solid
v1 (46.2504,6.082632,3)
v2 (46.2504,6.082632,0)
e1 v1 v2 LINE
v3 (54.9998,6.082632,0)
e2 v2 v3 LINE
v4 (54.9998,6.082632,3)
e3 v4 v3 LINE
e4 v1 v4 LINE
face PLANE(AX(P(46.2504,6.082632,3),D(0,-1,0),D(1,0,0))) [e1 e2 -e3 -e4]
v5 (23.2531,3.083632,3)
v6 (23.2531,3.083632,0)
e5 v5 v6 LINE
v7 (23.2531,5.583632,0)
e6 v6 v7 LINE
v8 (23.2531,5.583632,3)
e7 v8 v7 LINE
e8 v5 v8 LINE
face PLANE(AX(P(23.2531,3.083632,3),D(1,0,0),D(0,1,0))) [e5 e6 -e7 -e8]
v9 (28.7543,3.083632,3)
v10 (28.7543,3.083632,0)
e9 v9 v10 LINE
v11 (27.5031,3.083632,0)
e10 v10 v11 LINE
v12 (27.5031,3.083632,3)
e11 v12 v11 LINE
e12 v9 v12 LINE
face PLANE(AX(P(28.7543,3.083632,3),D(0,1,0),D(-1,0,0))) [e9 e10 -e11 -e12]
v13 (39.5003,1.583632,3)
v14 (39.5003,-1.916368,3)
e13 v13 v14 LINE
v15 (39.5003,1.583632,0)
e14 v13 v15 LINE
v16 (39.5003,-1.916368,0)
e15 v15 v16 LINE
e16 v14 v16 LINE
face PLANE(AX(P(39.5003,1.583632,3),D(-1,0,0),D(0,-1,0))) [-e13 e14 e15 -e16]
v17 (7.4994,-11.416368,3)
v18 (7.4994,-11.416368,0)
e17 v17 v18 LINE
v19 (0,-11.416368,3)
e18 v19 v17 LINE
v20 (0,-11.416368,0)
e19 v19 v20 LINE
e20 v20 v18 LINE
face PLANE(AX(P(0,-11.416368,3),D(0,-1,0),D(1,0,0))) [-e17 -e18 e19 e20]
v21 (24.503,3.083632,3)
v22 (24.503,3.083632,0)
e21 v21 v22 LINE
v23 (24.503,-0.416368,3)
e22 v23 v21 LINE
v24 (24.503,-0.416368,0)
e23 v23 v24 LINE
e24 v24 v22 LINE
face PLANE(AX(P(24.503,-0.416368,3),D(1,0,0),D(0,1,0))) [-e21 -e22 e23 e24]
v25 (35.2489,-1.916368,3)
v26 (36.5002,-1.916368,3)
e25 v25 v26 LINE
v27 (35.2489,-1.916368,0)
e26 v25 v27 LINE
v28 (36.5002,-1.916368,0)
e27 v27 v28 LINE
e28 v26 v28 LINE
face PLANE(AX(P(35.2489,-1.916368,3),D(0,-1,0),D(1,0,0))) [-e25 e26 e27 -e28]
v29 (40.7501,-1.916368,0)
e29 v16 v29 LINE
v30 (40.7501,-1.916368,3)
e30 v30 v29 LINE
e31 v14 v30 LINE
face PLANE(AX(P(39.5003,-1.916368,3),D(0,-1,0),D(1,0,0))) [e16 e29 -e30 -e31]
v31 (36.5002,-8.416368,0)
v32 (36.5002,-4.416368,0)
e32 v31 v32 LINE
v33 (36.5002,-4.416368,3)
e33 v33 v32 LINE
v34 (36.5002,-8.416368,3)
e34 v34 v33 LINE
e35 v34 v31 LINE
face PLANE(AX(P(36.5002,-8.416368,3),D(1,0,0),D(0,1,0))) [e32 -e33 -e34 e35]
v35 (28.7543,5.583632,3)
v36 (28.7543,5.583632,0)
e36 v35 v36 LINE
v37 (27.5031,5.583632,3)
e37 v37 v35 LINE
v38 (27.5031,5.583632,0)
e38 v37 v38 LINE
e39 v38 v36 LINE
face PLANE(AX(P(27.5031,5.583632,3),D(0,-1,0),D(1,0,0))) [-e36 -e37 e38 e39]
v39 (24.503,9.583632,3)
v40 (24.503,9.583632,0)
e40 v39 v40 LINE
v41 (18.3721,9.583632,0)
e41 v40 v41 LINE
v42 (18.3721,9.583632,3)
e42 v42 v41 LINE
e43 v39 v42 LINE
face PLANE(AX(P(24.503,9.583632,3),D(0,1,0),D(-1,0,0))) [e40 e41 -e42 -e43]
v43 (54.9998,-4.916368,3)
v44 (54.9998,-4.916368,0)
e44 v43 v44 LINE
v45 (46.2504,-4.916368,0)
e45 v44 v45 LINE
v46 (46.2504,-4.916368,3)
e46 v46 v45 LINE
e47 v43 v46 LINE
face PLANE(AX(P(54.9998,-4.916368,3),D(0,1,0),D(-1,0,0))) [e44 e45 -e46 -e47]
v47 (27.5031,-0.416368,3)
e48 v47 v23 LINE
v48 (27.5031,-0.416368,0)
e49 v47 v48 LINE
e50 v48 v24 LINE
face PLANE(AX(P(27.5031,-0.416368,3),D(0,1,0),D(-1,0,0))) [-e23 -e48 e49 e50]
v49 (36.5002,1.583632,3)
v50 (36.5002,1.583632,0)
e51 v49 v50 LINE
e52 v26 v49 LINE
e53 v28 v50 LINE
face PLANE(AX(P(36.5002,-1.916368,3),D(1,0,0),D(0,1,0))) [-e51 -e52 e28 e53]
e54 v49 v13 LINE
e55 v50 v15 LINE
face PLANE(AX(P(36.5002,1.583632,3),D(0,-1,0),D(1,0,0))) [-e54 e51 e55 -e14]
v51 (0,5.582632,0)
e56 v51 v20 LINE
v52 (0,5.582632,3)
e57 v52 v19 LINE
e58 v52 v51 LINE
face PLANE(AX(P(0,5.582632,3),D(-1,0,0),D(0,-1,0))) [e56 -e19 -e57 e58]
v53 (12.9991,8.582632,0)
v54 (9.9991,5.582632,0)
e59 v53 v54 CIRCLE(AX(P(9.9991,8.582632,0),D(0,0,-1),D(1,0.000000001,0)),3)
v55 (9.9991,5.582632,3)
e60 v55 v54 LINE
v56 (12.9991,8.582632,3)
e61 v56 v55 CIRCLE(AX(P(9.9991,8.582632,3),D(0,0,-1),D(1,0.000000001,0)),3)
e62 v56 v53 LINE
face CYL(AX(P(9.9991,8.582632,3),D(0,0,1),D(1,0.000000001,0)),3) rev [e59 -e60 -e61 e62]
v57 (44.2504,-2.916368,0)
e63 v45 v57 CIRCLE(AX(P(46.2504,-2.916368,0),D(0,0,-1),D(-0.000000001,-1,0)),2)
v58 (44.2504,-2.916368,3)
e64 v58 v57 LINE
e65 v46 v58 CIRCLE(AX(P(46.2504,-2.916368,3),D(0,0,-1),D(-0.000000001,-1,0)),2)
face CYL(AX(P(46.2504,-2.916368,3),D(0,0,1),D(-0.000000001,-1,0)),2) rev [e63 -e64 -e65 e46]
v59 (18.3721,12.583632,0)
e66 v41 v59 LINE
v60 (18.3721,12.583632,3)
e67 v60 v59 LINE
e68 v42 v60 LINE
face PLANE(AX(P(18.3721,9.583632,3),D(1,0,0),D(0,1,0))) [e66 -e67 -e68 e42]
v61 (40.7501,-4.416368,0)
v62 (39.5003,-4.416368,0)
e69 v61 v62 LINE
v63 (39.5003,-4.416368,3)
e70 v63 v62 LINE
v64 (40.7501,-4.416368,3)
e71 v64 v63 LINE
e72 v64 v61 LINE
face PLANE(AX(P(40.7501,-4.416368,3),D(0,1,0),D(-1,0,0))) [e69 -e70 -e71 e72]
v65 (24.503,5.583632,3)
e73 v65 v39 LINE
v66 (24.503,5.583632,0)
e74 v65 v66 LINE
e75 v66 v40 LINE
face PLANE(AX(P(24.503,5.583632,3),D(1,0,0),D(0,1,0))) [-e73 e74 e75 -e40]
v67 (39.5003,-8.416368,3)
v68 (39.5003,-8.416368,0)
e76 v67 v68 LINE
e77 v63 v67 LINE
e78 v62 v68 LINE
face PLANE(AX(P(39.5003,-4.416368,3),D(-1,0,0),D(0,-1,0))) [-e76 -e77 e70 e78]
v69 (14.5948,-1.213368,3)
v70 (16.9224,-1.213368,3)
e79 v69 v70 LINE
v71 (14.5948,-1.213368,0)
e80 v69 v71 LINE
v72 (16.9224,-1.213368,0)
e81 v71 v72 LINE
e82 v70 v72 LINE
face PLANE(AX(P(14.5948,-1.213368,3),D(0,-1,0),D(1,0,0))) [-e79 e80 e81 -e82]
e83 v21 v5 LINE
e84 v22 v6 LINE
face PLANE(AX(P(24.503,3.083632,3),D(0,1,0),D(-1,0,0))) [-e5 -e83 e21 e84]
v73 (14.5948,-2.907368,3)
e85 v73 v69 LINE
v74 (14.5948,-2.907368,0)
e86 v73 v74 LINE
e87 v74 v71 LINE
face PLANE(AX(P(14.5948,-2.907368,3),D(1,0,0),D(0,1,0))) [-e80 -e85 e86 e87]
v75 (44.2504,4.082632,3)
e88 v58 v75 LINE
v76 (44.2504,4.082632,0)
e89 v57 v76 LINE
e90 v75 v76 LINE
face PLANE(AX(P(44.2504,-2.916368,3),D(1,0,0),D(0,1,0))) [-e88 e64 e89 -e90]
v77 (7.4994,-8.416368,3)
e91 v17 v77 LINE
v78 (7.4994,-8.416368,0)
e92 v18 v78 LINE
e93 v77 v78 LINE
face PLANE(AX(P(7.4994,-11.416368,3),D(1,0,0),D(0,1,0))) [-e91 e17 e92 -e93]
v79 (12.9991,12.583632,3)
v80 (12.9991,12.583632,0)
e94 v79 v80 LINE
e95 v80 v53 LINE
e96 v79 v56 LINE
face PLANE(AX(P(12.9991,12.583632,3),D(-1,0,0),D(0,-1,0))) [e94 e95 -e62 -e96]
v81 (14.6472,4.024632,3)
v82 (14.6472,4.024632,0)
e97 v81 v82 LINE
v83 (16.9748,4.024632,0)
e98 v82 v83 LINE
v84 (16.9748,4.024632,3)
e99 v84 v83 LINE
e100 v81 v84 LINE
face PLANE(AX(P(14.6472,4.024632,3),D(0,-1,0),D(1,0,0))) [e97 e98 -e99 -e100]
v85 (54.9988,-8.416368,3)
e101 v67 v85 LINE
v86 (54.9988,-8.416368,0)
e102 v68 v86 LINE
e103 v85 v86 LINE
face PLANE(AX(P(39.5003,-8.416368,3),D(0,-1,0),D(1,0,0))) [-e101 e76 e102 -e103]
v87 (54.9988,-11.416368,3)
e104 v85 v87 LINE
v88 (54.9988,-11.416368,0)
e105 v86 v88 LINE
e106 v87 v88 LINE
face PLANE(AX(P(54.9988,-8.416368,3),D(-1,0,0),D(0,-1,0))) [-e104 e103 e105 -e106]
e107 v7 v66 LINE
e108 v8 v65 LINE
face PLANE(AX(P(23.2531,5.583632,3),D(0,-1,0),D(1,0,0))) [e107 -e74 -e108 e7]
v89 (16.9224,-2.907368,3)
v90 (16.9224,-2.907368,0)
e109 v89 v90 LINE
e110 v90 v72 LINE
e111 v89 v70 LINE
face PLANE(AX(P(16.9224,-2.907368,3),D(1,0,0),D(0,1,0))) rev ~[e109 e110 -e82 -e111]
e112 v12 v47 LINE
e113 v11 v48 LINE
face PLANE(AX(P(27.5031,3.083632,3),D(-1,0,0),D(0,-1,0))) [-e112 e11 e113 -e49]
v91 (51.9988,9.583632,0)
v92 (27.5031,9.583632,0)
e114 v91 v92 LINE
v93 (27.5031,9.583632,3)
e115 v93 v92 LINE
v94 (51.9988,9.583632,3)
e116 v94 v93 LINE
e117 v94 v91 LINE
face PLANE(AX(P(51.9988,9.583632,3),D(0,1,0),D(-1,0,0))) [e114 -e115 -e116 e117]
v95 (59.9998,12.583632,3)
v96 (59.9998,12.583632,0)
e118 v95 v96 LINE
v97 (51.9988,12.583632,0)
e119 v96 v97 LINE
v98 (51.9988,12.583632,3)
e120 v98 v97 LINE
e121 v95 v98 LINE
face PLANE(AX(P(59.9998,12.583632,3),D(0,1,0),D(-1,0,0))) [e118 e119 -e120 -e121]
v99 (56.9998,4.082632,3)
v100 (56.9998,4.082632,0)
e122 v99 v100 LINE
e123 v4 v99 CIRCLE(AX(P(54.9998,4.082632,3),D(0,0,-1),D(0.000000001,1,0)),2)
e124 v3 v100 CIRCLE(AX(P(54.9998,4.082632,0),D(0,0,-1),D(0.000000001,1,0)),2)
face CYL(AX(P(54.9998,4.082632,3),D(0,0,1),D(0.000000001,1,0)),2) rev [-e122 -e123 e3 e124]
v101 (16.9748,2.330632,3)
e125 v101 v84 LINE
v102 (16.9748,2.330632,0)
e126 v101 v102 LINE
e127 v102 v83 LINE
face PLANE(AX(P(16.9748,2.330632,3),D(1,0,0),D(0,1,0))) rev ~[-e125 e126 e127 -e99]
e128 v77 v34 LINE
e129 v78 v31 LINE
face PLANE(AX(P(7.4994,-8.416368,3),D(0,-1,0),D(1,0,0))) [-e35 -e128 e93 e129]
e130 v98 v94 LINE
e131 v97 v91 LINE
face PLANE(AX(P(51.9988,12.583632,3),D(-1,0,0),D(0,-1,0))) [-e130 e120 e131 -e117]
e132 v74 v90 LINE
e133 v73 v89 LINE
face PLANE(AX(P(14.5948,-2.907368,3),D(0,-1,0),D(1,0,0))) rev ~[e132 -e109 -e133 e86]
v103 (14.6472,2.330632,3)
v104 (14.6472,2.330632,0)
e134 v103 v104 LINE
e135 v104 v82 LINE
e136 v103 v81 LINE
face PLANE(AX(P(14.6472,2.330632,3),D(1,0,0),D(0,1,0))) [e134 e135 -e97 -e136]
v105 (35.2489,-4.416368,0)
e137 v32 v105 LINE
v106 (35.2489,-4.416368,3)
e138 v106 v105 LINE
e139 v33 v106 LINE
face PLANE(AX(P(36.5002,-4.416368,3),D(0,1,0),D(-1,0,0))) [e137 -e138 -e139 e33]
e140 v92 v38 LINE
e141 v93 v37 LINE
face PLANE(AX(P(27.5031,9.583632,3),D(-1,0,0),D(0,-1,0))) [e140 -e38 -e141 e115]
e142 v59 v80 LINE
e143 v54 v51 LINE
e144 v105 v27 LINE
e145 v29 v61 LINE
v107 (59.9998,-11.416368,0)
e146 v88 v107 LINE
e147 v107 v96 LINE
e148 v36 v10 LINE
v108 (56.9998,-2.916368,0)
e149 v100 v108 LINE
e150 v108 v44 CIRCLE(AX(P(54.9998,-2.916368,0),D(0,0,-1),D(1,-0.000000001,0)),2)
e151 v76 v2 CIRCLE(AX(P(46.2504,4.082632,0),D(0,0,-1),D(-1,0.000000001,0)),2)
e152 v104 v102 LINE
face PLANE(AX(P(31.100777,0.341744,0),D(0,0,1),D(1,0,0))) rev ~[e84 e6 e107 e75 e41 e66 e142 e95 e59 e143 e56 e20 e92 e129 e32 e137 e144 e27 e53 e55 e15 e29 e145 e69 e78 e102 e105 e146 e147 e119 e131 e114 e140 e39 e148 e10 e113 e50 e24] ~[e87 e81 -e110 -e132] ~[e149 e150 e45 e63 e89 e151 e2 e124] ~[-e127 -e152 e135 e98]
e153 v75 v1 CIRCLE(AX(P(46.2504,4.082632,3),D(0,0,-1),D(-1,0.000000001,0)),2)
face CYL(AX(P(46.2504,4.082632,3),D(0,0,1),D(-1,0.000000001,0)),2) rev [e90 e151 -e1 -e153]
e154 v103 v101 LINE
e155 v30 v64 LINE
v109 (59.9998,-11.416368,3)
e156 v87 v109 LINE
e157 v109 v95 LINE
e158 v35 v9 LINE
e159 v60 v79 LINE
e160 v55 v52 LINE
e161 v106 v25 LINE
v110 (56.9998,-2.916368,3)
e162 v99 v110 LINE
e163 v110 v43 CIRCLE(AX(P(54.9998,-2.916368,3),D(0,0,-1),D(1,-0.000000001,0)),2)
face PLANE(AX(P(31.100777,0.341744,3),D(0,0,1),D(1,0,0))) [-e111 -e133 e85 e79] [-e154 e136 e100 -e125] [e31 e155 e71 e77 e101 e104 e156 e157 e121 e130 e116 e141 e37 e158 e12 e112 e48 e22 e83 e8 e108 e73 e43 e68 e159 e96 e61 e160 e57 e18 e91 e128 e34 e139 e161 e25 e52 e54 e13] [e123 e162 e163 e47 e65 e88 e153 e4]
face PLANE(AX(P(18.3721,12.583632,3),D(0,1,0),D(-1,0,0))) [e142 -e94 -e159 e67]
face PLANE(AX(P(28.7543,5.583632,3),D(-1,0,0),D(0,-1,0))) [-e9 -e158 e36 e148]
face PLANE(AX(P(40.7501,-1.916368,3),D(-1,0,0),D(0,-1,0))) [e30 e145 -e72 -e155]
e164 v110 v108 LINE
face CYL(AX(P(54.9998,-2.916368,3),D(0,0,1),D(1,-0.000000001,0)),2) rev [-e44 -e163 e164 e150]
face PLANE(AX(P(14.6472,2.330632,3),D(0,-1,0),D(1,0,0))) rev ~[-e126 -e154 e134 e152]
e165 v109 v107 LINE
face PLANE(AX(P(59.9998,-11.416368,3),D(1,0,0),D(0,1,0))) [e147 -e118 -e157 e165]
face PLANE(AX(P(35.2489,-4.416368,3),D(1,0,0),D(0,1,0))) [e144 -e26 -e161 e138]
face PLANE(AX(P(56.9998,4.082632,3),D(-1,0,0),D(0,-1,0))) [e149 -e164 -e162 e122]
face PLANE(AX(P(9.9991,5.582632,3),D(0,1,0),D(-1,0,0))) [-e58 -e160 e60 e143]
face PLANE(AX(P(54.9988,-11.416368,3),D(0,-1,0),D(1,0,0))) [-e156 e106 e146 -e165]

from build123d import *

# Parameters (mm, degrees)
SKETCH_1_W      = 2.3276
SKETCH_1_H      = 1.694
EXTRUDE_1_DEPTH = 3


with BuildPart() as part:
    # 草图1 → 凸台-拉伸1 (new body)
    with BuildSketch(Plane.XY.offset(3)):
        with BuildLine():
            Line((23.2531, 5.583631793), (24.503, 5.583631793))
            Line((24.503, 5.583631793), (24.503, 9.583631793))
            Line((24.503, 9.583631793), (18.3721, 9.583631793))
            Line((18.3721, 9.583631793), (18.3721, 12.583631793))
            Line((18.3721, 12.583631793), (12.9991, 12.583631793))
            Line((12.9991, 12.583631793), (12.9991, 8.582631793))
            ThreePointArc((12.9991, 8.582631793), (12.120420344, 6.461311449), (9.9991, 5.582631793))
            Line((9.9991, 5.582631793), (0, 5.582631793))
            Line((0, 5.582631793), (0, -11.416368207))
            Line((0, -11.416368207), (7.4994, -11.416368207))
            Line((7.4994, -11.416368207), (7.4994, -8.416368207))
            Line((7.4994, -8.416368207), (36.5002, -8.416368207))
            Line((36.5002, -8.416368207), (36.5002, -4.416368207))
            Line((36.5002, -4.416368207), (35.2489, -4.416368207))
            Line((35.2489, -4.416368207), (35.2489, -1.916368207))
            Line((35.2489, -1.916368207), (36.5002, -1.916368207))
            Line((36.5002, -1.916368207), (36.5002, 1.583631793))
            Line((36.5002, 1.583631793), (39.5003, 1.583631793))
            Line((39.5003, 1.583631793), (39.5003, -1.916368207))
            Line((39.5003, -1.916368207), (40.7501, -1.916368207))
            Line((40.7501, -1.916368207), (40.7501, -4.416368207))
            Line((40.7501, -4.416368207), (39.5003, -4.416368207))
            Line((39.5003, -4.416368207), (39.5003, -8.416368207))
            Line((39.5003, -8.416368207), (54.9988, -8.416368207))
            Line((54.9988, -8.416368207), (54.9988, -11.416368207))
            Line((54.9988, -11.416368207), (59.9998, -11.416368207))
            Line((59.9998, -11.416368207), (59.9998, 12.583631793))
            Line((59.9998, 12.583631793), (51.9988, 12.583631793))
            Line((51.9988, 12.583631793), (51.9988, 9.583631793))
            Line((51.9988, 9.583631793), (27.5031, 9.583631793))
            Line((27.5031, 9.583631793), (27.5031, 5.583631793))
            Line((27.5031, 5.583631793), (28.7543, 5.583631793))
            Line((28.7543, 5.583631793), (28.7543, 3.083631793))
            Line((28.7543, 3.083631793), (27.5031, 3.083631793))
            Line((27.5031, 3.083631793), (27.5031, -0.416368207))
            Line((27.5031, -0.416368207), (24.503, -0.416368207))
            Line((24.503, -0.416368207), (24.503, 3.083631793))
            Line((24.503, 3.083631793), (23.2531, 3.083631793))
            Line((23.2531, 3.083631793), (23.2531, 5.583631793))
        make_face()
        with BuildLine():
            Line((46.2504, 6.082631793), (54.9998, 6.082631793))
            ThreePointArc((54.9998, 6.082631793), (56.414013562, 5.496845355), (56.9998, 4.082631793))
            Line((56.9998, 4.082631793), (56.9998, -2.916368207))
            ThreePointArc((56.9998, -2.916368207), (56.414013562, -4.330581769), (54.9998, -4.916368207))
            Line((54.9998, -4.916368207), (46.2504, -4.916368207))
            ThreePointArc((46.2504, -4.916368207), (44.836186438, -4.330581769), (44.2504, -2.916368207))
            Line((44.2504, -2.916368207), (44.2504, 4.082631793))
            ThreePointArc((44.2504, 4.082631793), (44.836186438, 5.496845355), (46.2504, 6.082631793))
        make_face(mode=Mode.SUBTRACT)
        with Locations((15.811, 3.177631793)):
            Rectangle(SKETCH_1_W, SKETCH_1_H, mode=Mode.SUBTRACT)
        with Locations((15.7586, -2.060368207)):
            Rectangle(SKETCH_1_W, SKETCH_1_H, mode=Mode.SUBTRACT)
    extrude(amount=-EXTRUDE_1_DEPTH)


solid = part.part
